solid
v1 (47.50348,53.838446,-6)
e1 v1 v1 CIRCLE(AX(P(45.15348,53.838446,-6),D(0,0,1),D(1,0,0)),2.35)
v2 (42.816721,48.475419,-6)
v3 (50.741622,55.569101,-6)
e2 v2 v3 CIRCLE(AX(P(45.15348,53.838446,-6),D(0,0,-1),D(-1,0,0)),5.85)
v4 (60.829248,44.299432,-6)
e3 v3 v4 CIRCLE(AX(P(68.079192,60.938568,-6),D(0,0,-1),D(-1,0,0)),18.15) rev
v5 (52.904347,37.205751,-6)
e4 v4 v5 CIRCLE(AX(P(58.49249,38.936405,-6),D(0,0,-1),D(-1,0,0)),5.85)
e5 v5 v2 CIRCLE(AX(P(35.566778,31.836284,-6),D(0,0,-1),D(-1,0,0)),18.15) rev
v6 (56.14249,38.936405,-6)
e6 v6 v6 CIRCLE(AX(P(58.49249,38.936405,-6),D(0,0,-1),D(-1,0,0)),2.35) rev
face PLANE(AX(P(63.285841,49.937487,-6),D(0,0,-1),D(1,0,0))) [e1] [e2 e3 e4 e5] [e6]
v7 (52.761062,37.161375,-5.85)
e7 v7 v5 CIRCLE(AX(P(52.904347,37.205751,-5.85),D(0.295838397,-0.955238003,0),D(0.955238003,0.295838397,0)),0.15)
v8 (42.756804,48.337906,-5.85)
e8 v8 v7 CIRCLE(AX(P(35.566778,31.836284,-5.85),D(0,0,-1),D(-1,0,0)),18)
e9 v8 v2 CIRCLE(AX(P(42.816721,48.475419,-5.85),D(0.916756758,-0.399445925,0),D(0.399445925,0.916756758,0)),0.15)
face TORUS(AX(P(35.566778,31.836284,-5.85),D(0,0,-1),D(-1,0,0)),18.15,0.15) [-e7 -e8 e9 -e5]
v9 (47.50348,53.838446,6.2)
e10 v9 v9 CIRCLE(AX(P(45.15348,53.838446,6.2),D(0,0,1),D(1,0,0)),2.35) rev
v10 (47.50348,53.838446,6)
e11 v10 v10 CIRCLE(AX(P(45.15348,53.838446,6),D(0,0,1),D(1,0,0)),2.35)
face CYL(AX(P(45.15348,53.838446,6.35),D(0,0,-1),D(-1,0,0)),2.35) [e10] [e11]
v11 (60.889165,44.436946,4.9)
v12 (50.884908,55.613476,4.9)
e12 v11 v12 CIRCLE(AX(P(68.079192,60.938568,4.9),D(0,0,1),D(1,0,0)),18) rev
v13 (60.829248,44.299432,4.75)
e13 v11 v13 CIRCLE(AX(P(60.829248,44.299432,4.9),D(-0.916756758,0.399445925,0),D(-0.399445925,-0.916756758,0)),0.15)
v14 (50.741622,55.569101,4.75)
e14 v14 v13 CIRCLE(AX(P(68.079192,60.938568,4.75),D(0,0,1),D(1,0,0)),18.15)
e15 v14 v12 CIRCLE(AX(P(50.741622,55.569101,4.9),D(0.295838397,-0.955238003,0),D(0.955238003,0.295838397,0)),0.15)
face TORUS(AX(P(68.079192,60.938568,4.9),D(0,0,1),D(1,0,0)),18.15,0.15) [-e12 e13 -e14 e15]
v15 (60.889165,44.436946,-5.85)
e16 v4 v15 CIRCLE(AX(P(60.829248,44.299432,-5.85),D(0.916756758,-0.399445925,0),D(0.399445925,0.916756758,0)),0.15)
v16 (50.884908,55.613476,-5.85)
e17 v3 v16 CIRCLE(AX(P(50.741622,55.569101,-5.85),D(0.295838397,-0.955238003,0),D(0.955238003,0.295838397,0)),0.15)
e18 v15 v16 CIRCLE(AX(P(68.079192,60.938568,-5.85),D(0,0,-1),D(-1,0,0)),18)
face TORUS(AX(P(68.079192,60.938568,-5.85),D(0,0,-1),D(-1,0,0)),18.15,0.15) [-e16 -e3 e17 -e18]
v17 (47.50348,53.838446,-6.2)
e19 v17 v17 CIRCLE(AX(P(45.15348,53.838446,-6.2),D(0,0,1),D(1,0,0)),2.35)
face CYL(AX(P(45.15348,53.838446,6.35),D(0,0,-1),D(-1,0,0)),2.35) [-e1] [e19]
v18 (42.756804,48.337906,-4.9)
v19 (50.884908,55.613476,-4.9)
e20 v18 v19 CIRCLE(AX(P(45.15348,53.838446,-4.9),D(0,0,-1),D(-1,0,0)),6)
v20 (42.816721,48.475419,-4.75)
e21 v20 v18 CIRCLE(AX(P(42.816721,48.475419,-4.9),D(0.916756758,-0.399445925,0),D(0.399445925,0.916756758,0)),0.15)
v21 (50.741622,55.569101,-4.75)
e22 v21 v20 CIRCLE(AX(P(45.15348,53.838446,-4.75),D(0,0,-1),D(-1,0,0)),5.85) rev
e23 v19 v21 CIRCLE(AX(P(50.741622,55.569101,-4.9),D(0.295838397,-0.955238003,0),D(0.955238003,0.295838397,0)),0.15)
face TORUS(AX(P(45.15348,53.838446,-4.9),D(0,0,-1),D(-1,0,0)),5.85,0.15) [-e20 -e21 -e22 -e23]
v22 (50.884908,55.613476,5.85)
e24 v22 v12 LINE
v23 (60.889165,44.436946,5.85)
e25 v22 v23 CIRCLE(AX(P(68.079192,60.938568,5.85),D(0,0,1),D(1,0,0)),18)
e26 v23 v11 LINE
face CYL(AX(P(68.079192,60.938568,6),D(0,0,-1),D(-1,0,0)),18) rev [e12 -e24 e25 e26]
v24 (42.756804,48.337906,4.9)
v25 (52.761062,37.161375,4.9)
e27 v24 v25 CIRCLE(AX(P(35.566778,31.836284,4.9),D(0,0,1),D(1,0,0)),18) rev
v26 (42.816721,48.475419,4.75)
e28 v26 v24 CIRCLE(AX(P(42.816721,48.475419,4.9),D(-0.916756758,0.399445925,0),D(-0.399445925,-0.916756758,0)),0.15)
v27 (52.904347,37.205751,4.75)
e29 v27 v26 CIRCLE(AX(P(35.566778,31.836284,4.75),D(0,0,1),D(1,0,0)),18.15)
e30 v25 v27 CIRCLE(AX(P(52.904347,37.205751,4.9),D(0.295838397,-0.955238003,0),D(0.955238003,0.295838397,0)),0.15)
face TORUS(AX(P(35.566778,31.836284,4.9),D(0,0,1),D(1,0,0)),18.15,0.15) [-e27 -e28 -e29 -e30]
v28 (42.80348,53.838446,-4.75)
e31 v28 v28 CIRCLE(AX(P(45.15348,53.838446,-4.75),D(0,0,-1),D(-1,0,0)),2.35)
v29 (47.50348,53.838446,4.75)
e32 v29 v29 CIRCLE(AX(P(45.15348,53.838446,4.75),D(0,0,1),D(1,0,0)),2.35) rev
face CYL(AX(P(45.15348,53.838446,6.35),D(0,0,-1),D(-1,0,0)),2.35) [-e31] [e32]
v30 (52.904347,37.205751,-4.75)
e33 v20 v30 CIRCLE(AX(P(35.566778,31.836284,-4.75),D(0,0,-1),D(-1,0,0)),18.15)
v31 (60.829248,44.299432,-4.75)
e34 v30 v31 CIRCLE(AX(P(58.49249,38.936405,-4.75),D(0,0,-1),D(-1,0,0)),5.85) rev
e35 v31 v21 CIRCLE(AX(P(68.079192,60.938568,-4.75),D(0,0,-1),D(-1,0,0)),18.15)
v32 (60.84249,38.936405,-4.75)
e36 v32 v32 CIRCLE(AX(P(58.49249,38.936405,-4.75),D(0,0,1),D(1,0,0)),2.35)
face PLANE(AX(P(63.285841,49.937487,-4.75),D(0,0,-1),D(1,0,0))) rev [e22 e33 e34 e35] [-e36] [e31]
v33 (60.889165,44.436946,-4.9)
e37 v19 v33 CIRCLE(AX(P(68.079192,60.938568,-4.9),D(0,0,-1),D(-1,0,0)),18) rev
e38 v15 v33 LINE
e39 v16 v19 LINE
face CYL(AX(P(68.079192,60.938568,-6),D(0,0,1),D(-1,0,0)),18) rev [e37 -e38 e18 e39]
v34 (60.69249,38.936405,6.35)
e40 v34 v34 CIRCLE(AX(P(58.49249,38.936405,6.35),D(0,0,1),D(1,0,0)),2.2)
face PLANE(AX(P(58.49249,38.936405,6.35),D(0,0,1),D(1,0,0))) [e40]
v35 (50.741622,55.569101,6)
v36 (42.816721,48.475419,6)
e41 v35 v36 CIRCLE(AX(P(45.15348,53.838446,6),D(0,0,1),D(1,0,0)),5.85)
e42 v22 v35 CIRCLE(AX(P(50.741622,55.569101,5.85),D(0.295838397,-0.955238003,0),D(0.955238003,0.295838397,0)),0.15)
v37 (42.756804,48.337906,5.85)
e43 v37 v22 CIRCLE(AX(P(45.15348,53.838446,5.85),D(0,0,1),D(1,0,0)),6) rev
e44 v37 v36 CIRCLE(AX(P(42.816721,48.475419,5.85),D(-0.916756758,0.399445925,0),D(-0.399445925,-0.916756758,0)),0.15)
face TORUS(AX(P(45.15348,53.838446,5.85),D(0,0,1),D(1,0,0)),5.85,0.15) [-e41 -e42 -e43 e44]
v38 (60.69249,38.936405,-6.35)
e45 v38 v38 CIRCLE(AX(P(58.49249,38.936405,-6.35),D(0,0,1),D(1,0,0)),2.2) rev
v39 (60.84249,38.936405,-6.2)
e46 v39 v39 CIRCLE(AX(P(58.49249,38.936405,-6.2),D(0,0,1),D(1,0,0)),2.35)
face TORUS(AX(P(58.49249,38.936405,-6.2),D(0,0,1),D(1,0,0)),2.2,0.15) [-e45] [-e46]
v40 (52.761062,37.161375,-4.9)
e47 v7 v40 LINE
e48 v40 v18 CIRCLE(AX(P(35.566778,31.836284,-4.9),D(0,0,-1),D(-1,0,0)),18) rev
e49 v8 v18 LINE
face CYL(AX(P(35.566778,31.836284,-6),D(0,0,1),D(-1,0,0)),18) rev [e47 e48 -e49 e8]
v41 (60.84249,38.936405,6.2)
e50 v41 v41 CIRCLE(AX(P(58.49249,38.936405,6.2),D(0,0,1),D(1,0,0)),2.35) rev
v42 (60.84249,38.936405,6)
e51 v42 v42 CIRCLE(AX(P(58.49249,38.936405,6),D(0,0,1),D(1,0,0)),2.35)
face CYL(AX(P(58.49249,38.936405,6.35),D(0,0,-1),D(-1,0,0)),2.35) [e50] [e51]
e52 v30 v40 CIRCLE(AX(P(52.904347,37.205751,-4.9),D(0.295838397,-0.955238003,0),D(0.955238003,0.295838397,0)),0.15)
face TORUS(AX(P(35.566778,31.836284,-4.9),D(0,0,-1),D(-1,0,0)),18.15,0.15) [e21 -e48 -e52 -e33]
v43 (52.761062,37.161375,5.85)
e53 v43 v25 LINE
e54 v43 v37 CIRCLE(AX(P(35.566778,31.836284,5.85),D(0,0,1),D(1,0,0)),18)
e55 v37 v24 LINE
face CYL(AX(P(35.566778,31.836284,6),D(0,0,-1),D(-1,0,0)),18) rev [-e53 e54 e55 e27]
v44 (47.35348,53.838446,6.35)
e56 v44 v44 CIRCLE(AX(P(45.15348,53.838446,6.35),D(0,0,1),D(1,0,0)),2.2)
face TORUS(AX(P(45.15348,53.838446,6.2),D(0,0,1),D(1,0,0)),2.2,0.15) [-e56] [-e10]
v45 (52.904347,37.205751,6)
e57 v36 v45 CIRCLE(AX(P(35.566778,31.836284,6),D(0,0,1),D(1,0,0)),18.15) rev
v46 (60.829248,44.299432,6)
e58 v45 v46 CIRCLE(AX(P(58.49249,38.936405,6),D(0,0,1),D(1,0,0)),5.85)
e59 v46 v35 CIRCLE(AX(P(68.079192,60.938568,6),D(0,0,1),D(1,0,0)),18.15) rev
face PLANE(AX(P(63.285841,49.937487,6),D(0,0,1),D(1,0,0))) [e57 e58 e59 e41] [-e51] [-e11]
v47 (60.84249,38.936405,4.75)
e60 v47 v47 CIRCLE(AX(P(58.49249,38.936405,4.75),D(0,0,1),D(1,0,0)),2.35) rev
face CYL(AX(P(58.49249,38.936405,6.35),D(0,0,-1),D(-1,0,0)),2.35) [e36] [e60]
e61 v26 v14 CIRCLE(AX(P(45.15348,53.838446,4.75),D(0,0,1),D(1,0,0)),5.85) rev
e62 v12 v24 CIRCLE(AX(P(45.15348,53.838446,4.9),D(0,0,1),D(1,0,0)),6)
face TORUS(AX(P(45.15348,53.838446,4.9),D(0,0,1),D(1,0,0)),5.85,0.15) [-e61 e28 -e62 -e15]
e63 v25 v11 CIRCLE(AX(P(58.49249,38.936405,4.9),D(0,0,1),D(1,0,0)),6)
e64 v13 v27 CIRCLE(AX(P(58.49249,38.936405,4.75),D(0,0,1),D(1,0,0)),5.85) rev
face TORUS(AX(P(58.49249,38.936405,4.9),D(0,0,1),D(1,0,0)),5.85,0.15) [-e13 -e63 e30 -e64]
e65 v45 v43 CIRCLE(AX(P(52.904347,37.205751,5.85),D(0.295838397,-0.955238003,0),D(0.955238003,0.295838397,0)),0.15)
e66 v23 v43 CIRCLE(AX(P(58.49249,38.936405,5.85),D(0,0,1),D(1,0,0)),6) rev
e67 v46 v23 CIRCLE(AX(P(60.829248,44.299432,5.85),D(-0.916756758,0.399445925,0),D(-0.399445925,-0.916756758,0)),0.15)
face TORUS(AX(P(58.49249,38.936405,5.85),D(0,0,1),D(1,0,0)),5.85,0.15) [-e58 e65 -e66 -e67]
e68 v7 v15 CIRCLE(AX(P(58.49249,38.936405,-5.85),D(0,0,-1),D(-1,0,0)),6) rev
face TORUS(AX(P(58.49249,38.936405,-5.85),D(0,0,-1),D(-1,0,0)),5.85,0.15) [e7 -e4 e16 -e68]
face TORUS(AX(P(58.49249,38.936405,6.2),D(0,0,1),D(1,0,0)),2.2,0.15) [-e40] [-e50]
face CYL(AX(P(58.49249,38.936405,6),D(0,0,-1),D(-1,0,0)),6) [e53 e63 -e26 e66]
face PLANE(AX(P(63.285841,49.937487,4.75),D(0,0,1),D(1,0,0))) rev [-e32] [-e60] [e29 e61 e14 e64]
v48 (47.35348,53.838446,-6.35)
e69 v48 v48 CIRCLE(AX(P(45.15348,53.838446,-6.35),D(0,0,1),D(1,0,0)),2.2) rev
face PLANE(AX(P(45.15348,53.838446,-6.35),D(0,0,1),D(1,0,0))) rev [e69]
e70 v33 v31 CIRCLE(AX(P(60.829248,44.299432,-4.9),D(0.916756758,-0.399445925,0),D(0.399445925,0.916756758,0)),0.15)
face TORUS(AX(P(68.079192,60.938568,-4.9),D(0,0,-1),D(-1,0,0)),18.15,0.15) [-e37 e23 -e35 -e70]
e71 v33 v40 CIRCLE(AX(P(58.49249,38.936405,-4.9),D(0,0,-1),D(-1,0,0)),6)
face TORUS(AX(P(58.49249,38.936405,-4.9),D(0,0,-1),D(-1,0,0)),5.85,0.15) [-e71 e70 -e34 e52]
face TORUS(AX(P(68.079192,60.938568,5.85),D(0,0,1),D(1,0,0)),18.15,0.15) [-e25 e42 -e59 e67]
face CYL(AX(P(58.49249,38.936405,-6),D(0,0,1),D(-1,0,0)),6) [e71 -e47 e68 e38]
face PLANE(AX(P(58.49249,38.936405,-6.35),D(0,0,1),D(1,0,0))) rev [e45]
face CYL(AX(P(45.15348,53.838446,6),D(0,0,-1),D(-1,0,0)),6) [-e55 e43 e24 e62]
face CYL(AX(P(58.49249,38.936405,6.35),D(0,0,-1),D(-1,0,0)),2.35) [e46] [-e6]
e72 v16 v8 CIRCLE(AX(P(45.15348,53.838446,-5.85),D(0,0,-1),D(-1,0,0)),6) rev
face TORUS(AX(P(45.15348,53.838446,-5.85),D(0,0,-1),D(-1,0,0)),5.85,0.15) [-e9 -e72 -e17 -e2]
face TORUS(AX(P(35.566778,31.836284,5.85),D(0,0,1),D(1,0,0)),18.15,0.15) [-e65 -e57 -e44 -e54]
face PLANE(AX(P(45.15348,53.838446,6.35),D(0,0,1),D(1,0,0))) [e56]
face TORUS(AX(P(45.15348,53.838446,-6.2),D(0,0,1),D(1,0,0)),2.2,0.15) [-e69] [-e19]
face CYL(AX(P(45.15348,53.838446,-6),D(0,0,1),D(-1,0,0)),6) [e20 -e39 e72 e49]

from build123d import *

# Parameters (mm, degrees)
EXTRUDE_START   = 4.75
SKETCH_7_R      = 2.35
EXTRUDE_3_DEPTH = 1.25
SKETCH_8_R      = 2.35
EXTRUDE_4_DEPTH = 6.35
FILLET_2_R      = 0.15


with BuildPart() as part:
    # Эскиз7 → Бобышка-Вытянуть3 (new body)
    with BuildSketch(Plane.XY.offset(EXTRUDE_START)):
        with BuildLine():
            ThreePointArc((52.761061598, 37.161375027), (48.978614129, 43.841392763), (42.756804195, 48.337905518))
            ThreePointArc((42.756804195, 48.337905518), (41.151776786, 58.309058261), (50.884907766, 55.613476447))
            ThreePointArc((50.884907766, 55.613476447), (54.667355235, 48.933458711), (60.889165169, 44.436945956))
            ThreePointArc((60.889165169, 44.436945956), (62.494192579, 34.465793213), (52.761061598, 37.161375027))
        make_face()
        with Locations((45.153479747, 53.838446064)):
            Circle(SKETCH_7_R, mode=Mode.SUBTRACT)
        with Locations((58.492489618, 38.936405409)):
            Circle(SKETCH_7_R, mode=Mode.SUBTRACT)
    extrude(amount=EXTRUDE_3_DEPTH)


with BuildPart() as body_2:
    # Зеркальное отражение3: mirrored copy
    add(part.part.mirror(Plane.XY))


with BuildPart() as part_1:
    add(part.part)

    add(body_2.part)  # Бобышка-Вытянуть4 merges body 2
    # Эскиз8 → Бобышка-Вытянуть4 (add, symmetric)
    with BuildSketch(Plane.XY):
        with Locations(Location((45.153479747, 53.838446064, 0), (0, 0, 180))):
            Circle(SKETCH_8_R)
        with Locations((58.492489618, 38.936405409)):
            Circle(SKETCH_8_R)
    extrude(amount=EXTRUDE_4_DEPTH, both=True)

    # Скругление2
    fillet_2_edges = [part_1.edges().sort_by_distance(p)[0] for p in [
        (41.151776786, 58.309058261, 6),
        (48.978614129, 43.841392763, 6),
        (62.494192579, 34.465793213, 6),
        (48.978614129, 43.841392763, 4.75),
        (41.151776786, 58.309058261, 4.75),
        (47.503479747, 53.838446064, -6.35),
        (47.503479747, 53.838446064, 6.35),
        (54.667355235, 48.933458711, 4.75),
        (62.494192579, 34.465793213, -4.75),
        (54.667355235, 48.933458711, -4.75),
        (41.151776786, 58.309058261, -4.75),
        (48.978614129, 43.841392763, -4.75),
        (62.494192579, 34.465793213, -6),
        (54.667355235, 48.933458711, -6),
        (41.151776786, 58.309058261, -6),
        (48.978614129, 43.841392763, -6),
        (62.494192579, 34.465793213, 4.75),
        (56.142489618, 38.936405409, -6.35),
        (56.142489618, 38.936405409, 6.35),
        (54.667355235, 48.933458711, 6),
    ]]
    fillet(fillet_2_edges, radius=FILLET_2_R)


solid = part_1.part
